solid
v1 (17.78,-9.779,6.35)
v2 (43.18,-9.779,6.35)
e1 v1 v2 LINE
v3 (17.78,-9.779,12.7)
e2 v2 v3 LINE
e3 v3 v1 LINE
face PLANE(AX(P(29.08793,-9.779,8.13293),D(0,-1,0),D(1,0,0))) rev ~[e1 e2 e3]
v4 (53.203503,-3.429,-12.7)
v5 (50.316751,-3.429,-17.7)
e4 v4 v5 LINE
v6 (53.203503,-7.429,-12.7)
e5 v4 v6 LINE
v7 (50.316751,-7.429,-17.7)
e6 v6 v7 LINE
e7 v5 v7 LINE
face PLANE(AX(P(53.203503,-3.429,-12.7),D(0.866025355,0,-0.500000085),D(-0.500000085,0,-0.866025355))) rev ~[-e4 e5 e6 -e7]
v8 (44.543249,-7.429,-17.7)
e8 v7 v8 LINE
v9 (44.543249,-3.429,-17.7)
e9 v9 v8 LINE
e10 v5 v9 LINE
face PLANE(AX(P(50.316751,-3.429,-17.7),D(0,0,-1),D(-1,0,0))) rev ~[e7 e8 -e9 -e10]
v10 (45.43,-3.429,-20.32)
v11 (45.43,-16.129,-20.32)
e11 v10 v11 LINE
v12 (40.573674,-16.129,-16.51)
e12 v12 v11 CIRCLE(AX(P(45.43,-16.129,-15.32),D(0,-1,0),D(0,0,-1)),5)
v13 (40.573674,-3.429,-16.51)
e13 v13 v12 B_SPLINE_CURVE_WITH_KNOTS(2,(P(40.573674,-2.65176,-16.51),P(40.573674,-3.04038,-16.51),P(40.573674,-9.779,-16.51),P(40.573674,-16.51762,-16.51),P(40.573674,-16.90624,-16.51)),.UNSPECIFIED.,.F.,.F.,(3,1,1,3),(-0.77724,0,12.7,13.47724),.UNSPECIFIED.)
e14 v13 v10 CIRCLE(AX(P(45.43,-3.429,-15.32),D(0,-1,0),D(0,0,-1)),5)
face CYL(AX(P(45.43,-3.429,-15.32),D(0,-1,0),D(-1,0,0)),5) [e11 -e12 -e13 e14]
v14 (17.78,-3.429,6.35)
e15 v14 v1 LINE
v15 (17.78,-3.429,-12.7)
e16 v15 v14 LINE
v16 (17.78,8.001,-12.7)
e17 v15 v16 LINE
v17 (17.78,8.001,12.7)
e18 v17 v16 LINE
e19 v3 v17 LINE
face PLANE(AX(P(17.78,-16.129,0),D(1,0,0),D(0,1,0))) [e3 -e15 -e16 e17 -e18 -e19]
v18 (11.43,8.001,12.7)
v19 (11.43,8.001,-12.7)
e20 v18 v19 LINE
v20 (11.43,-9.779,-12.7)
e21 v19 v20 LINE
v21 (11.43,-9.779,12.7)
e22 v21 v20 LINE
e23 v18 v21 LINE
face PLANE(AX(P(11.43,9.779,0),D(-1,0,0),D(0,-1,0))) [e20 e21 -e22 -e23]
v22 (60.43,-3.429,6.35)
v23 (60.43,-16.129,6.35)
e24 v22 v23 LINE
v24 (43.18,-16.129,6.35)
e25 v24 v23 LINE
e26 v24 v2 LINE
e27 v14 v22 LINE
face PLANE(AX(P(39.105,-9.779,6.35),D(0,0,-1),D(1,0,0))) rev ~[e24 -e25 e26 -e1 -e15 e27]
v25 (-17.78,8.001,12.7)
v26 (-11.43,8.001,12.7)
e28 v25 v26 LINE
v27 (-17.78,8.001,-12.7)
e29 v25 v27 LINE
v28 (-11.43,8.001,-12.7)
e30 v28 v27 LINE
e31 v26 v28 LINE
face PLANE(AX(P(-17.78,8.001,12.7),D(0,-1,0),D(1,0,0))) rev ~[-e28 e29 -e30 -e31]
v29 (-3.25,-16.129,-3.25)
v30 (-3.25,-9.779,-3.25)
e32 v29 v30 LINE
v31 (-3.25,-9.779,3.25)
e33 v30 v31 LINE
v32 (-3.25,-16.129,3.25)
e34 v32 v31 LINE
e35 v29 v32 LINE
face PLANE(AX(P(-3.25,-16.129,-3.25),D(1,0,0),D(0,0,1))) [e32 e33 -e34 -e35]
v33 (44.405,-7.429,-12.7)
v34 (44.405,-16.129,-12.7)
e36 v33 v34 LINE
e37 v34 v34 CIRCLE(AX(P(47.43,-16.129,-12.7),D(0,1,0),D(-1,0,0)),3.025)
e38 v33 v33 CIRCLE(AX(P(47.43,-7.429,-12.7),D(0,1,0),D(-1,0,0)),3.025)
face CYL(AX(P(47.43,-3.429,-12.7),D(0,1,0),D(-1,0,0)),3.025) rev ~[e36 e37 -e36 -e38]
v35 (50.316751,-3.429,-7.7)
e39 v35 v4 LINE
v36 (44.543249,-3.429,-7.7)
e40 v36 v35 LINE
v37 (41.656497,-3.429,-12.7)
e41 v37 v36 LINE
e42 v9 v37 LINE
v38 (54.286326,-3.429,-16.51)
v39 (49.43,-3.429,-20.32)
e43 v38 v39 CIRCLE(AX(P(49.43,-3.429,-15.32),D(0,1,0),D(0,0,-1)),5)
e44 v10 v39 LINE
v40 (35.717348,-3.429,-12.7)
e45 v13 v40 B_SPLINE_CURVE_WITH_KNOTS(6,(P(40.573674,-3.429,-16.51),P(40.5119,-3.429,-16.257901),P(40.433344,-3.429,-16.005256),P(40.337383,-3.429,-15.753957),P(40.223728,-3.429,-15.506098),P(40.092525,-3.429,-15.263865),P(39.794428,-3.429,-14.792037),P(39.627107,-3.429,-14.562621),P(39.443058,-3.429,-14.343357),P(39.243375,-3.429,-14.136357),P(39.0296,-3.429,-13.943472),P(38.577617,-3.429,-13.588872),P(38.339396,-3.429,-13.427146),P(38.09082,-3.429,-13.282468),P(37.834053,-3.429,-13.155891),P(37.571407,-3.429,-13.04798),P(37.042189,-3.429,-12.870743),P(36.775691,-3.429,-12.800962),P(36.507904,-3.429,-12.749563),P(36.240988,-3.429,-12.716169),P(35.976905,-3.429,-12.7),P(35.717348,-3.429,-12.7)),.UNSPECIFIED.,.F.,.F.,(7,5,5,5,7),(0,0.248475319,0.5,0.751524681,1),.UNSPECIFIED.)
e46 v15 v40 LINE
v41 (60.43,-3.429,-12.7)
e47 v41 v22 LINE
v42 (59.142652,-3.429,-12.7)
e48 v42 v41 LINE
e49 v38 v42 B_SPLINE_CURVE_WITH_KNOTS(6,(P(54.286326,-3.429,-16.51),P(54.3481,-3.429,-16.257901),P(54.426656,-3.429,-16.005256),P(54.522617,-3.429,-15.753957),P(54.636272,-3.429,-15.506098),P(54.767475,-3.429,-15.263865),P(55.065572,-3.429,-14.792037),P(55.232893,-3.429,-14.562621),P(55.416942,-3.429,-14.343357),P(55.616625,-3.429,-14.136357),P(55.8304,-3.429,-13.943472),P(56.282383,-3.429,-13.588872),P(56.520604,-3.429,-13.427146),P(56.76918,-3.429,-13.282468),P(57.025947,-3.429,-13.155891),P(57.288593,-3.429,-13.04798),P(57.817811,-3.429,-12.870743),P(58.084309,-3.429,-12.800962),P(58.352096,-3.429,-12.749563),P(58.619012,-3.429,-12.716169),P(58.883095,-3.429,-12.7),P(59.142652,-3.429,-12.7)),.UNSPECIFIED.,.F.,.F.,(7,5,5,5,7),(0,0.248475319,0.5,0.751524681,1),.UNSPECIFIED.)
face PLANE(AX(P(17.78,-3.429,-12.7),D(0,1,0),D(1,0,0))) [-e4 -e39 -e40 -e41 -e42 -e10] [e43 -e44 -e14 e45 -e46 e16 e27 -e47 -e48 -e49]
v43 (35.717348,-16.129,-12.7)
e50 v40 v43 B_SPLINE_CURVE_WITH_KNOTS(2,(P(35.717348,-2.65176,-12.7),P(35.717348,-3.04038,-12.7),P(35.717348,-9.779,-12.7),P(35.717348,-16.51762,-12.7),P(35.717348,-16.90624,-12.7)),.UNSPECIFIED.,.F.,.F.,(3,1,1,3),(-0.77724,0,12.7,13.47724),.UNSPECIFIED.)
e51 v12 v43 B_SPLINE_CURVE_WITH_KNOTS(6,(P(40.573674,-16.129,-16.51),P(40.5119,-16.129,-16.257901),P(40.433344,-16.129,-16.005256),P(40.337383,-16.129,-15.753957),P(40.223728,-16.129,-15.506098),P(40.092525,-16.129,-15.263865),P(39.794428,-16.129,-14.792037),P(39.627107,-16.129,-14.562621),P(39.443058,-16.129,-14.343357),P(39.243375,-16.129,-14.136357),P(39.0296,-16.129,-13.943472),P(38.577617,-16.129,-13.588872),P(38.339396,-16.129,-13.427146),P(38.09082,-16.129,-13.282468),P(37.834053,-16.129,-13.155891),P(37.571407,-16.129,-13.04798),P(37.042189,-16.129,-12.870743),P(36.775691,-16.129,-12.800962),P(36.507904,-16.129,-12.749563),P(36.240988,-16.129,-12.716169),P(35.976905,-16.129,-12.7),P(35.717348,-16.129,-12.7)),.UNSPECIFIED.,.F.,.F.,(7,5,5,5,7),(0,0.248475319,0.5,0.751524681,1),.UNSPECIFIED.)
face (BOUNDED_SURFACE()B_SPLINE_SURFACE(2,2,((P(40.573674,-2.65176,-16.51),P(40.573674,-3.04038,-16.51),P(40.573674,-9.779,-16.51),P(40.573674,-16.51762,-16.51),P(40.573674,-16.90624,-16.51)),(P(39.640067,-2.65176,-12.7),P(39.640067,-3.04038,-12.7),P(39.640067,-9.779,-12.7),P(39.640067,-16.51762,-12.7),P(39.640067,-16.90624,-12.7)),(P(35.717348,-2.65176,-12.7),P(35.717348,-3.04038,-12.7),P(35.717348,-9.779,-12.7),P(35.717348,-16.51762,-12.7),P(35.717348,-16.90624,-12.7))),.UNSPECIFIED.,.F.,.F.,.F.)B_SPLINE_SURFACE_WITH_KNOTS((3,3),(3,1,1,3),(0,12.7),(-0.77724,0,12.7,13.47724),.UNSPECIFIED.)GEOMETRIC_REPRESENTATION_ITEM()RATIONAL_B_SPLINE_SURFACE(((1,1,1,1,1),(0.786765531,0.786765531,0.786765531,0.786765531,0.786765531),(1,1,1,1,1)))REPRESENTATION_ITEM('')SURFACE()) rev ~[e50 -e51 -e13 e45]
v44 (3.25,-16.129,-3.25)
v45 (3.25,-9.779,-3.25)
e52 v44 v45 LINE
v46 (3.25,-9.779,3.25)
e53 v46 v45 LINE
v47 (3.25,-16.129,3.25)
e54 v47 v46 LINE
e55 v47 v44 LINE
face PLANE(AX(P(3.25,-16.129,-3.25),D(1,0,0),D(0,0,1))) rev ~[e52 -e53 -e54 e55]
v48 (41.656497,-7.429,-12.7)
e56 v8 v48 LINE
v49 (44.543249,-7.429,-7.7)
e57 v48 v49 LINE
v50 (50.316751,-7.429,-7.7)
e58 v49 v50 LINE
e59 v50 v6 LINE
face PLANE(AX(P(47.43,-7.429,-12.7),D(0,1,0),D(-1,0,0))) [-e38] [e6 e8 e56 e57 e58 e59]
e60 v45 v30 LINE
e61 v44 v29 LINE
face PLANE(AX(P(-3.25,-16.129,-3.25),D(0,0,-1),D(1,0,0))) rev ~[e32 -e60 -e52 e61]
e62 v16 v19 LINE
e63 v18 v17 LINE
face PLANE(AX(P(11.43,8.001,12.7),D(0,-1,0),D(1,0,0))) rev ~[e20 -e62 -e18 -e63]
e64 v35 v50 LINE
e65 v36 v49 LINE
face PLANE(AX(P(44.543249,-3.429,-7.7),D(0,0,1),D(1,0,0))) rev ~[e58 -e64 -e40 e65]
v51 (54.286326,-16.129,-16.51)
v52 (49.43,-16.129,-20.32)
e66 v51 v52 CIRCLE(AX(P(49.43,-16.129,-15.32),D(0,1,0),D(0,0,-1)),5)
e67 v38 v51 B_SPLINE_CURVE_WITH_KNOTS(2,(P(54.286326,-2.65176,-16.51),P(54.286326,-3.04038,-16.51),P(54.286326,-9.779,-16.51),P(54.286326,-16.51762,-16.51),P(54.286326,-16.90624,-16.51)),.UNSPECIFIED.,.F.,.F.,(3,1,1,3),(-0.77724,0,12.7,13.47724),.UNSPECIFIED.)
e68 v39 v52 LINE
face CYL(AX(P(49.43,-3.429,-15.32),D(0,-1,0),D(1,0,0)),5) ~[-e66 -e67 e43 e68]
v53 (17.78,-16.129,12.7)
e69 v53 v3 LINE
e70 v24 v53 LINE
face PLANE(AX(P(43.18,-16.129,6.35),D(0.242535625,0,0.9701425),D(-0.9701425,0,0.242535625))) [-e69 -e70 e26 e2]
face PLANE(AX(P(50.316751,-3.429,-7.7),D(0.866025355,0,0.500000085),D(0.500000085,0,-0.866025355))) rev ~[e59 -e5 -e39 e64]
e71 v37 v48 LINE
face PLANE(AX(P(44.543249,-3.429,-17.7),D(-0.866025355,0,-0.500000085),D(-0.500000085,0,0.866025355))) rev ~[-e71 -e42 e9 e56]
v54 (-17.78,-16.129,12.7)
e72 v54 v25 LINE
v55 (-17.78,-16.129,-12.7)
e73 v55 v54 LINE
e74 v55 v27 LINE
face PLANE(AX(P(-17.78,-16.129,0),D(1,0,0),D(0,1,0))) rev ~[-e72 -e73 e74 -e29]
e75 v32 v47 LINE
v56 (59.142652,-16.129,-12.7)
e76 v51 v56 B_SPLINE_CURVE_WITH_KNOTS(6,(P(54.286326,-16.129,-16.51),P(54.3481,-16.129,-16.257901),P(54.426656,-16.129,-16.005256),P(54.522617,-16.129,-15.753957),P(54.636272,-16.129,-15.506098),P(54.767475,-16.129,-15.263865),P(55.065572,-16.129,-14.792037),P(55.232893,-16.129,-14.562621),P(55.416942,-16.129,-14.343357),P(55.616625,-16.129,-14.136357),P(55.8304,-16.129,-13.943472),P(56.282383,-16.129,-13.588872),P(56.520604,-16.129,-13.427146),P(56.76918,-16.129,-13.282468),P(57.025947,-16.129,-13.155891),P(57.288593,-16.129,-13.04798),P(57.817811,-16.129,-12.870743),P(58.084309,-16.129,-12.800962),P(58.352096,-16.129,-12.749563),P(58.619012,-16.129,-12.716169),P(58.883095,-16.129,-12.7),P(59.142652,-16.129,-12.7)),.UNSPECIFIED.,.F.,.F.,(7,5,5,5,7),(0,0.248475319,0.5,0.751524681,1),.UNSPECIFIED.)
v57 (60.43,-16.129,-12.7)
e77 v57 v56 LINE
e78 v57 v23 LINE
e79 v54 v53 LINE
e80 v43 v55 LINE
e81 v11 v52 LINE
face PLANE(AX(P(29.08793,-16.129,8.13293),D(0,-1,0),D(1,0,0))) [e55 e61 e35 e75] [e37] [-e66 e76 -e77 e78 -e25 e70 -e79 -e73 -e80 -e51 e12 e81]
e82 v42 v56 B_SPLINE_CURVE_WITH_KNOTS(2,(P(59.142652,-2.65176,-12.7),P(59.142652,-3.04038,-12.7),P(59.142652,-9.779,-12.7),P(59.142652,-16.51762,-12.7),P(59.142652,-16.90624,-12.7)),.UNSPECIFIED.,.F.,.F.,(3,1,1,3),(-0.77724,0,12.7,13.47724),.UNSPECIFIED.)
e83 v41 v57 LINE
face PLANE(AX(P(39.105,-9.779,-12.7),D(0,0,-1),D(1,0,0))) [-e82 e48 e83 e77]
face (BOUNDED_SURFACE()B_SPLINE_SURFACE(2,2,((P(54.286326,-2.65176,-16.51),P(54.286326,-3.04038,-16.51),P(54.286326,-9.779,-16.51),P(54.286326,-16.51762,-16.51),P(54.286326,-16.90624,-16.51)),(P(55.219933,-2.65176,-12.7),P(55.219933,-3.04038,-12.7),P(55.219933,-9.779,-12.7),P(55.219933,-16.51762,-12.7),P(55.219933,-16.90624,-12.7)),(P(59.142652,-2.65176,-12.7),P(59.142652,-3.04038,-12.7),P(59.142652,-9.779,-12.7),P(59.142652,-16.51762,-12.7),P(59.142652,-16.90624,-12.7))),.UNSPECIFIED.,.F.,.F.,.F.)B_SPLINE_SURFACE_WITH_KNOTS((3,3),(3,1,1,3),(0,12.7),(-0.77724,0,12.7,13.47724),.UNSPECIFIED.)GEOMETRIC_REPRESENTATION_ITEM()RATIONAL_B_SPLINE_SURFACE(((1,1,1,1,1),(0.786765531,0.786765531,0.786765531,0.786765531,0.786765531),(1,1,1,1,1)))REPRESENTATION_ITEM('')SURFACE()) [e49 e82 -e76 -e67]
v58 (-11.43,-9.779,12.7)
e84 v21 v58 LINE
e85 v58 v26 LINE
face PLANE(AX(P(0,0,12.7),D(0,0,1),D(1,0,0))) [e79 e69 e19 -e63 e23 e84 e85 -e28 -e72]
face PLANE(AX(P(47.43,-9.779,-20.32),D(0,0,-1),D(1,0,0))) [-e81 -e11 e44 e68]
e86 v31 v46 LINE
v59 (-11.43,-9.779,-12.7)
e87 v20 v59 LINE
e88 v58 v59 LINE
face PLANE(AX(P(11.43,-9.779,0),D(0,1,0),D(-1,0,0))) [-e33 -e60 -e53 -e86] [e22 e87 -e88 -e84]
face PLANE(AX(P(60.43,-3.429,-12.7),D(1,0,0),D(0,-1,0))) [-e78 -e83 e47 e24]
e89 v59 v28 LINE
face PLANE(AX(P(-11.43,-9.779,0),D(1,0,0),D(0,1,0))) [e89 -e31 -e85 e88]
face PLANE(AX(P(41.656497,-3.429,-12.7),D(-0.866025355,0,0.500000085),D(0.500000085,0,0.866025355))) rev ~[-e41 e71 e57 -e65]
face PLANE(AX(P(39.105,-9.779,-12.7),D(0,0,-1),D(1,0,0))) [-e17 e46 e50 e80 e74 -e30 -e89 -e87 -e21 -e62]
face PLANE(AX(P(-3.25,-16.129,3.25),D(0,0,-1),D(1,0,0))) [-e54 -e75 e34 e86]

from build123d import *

# Parameters (mm, degrees)
F0_W      = 35.56
F0_H      = 32.258
F1_DEPTH  = 12.7
F2_R      = 3.25
F3_DEPTH  = 32.259
F4_W      = 6.5
F4_H      = 6.5
F5_DEPTH  = 25.4
F6_W      = 42.65
F6_H      = 12.7
F7_DEPTH  = 19.05
F9_DEPTH  = 6.35
F10_W     = 14
F10_H     = 12.7
F11_DEPTH = 7.62
F12_R     = 5
F13_R     = 3.025
F14_DEPTH = 12.701
F15_R     = 3.025
F16_DEPTH = 4
F17_R     = 5
F19_DEPTH = 50.8
F20_W     = 15.96225
F20_H     = 9.625087
F21_DEPTH = 50.8


with BuildPart() as f1:
    # F0 (on Top) → F1 (new body, symmetric)
    with BuildSketch(Plane.XY):
        Rectangle(F0_W, F0_H)
        Polygon((11.43, 9.779), (11.43, -9.779), (-11.43, -9.779), (-11.43, 9.779), (-7.366, 9.779), (-7.366, 3.937), (4.826, 3.937), (4.826, 9.779), align=None, mode=Mode.SUBTRACT)
    extrude(amount=F1_DEPTH, both=True)

    # F2 (on face) → F3 (cut, through all)
    with BuildSketch(Plane.XZ.offset(16.129)):
        Circle(F2_R)
    extrude(amount=-F3_DEPTH, mode=Mode.SUBTRACT)

    # F4 (on face) → F5 (cut)
    with BuildSketch(Plane.XZ.offset(16.129)):
        Rectangle(F4_W, F4_H)
    extrude(amount=-F5_DEPTH, mode=Mode.SUBTRACT)

    # F6 (on face) → F7 (join)
    with BuildSketch(Plane(origin=(0, 0, -12.7), x_dir=(1, 0, 0), z_dir=(0, 0, -1))):
        with Locations((39.105, 9.779)):
            Rectangle(F6_W, F6_H)
    extrude(amount=-F7_DEPTH)

    # F8 (on face) → F9 (join)
    with BuildSketch(Plane.XZ.offset(16.129)):
        Polygon((17.78, 12.7), (17.78, 6.35), (43.18, 6.35), align=None)
    extrude(amount=-F9_DEPTH)

    # F10 (on face) → F11 (join)
    with BuildSketch(Plane(origin=(0, 0, -12.7), x_dir=(1, 0, 0), z_dir=(0, 0, -1))):
        with Locations((47.43, 9.779)):
            Rectangle(F10_W, F10_H)
    extrude(amount=F11_DEPTH)

    # F12
    f12_edges = [f1.edges().sort_by_distance(p)[0] for p in [
        (40.43, -9.779, -20.32),
        (54.43, -9.779, -20.32),
    ]]
    fillet(f12_edges, radius=F12_R)

    # F13 (on face) → F14 (cut, through all)
    with BuildSketch(Plane(origin=(0, -3.429, 0), x_dir=(-1, 0, 0), z_dir=(0, 1, 0))):
        with Locations((-47.43, -12.7)):
            Circle(F13_R)
    extrude(amount=-F14_DEPTH, mode=Mode.SUBTRACT)

    # F15 (on face) → F16 (cut)
    with BuildSketch(Plane(origin=(0, -3.429, 0), x_dir=(-1, 0, 0), z_dir=(0, 1, 0))):
        Polygon((-50.316751, -17.7), (-44.543249, -17.7), (-41.656497, -12.7), (-44.543249, -7.7), (-50.316751, -7.7), (-53.203503, -12.7), align=None)
        with Locations((-47.43, -12.7)):
            Circle(F15_R, mode=Mode.SUBTRACT)
    extrude(amount=-F16_DEPTH, mode=Mode.SUBTRACT)

    # F17
    f17_edges = [f1.edges().sort_by_distance(p)[0] for p in [
        (54.43, -9.779, -12.7),
        (40.43, -9.779, -12.7),
    ]]
    fillet(f17_edges, radius=F17_R)

    # F18 (on face) → F19 (cut)
    with BuildSketch(Plane.XY.offset(12.7)):
        Polygon((-17.78, 16.129), (-17.78, 8.001), (-11.43, 8.001), (-11.43, 9.779), (-7.366, 9.779), (-7.366, 8.001), (4.826, 8.001), (4.826, 9.779), (11.43, 9.779), (11.43, 8.001), (17.78, 8.001), (17.78, 16.129), align=None)
    extrude(amount=-F19_DEPTH, mode=Mode.SUBTRACT)

    # F20 (on face) → F21 (cut)
    with BuildSketch(Plane.XY.offset(12.7)):
        with Locations((0, 6.352621)):
            Rectangle(F20_W, F20_H)
    extrude(amount=-F21_DEPTH, mode=Mode.SUBTRACT)


solid = f1.part
